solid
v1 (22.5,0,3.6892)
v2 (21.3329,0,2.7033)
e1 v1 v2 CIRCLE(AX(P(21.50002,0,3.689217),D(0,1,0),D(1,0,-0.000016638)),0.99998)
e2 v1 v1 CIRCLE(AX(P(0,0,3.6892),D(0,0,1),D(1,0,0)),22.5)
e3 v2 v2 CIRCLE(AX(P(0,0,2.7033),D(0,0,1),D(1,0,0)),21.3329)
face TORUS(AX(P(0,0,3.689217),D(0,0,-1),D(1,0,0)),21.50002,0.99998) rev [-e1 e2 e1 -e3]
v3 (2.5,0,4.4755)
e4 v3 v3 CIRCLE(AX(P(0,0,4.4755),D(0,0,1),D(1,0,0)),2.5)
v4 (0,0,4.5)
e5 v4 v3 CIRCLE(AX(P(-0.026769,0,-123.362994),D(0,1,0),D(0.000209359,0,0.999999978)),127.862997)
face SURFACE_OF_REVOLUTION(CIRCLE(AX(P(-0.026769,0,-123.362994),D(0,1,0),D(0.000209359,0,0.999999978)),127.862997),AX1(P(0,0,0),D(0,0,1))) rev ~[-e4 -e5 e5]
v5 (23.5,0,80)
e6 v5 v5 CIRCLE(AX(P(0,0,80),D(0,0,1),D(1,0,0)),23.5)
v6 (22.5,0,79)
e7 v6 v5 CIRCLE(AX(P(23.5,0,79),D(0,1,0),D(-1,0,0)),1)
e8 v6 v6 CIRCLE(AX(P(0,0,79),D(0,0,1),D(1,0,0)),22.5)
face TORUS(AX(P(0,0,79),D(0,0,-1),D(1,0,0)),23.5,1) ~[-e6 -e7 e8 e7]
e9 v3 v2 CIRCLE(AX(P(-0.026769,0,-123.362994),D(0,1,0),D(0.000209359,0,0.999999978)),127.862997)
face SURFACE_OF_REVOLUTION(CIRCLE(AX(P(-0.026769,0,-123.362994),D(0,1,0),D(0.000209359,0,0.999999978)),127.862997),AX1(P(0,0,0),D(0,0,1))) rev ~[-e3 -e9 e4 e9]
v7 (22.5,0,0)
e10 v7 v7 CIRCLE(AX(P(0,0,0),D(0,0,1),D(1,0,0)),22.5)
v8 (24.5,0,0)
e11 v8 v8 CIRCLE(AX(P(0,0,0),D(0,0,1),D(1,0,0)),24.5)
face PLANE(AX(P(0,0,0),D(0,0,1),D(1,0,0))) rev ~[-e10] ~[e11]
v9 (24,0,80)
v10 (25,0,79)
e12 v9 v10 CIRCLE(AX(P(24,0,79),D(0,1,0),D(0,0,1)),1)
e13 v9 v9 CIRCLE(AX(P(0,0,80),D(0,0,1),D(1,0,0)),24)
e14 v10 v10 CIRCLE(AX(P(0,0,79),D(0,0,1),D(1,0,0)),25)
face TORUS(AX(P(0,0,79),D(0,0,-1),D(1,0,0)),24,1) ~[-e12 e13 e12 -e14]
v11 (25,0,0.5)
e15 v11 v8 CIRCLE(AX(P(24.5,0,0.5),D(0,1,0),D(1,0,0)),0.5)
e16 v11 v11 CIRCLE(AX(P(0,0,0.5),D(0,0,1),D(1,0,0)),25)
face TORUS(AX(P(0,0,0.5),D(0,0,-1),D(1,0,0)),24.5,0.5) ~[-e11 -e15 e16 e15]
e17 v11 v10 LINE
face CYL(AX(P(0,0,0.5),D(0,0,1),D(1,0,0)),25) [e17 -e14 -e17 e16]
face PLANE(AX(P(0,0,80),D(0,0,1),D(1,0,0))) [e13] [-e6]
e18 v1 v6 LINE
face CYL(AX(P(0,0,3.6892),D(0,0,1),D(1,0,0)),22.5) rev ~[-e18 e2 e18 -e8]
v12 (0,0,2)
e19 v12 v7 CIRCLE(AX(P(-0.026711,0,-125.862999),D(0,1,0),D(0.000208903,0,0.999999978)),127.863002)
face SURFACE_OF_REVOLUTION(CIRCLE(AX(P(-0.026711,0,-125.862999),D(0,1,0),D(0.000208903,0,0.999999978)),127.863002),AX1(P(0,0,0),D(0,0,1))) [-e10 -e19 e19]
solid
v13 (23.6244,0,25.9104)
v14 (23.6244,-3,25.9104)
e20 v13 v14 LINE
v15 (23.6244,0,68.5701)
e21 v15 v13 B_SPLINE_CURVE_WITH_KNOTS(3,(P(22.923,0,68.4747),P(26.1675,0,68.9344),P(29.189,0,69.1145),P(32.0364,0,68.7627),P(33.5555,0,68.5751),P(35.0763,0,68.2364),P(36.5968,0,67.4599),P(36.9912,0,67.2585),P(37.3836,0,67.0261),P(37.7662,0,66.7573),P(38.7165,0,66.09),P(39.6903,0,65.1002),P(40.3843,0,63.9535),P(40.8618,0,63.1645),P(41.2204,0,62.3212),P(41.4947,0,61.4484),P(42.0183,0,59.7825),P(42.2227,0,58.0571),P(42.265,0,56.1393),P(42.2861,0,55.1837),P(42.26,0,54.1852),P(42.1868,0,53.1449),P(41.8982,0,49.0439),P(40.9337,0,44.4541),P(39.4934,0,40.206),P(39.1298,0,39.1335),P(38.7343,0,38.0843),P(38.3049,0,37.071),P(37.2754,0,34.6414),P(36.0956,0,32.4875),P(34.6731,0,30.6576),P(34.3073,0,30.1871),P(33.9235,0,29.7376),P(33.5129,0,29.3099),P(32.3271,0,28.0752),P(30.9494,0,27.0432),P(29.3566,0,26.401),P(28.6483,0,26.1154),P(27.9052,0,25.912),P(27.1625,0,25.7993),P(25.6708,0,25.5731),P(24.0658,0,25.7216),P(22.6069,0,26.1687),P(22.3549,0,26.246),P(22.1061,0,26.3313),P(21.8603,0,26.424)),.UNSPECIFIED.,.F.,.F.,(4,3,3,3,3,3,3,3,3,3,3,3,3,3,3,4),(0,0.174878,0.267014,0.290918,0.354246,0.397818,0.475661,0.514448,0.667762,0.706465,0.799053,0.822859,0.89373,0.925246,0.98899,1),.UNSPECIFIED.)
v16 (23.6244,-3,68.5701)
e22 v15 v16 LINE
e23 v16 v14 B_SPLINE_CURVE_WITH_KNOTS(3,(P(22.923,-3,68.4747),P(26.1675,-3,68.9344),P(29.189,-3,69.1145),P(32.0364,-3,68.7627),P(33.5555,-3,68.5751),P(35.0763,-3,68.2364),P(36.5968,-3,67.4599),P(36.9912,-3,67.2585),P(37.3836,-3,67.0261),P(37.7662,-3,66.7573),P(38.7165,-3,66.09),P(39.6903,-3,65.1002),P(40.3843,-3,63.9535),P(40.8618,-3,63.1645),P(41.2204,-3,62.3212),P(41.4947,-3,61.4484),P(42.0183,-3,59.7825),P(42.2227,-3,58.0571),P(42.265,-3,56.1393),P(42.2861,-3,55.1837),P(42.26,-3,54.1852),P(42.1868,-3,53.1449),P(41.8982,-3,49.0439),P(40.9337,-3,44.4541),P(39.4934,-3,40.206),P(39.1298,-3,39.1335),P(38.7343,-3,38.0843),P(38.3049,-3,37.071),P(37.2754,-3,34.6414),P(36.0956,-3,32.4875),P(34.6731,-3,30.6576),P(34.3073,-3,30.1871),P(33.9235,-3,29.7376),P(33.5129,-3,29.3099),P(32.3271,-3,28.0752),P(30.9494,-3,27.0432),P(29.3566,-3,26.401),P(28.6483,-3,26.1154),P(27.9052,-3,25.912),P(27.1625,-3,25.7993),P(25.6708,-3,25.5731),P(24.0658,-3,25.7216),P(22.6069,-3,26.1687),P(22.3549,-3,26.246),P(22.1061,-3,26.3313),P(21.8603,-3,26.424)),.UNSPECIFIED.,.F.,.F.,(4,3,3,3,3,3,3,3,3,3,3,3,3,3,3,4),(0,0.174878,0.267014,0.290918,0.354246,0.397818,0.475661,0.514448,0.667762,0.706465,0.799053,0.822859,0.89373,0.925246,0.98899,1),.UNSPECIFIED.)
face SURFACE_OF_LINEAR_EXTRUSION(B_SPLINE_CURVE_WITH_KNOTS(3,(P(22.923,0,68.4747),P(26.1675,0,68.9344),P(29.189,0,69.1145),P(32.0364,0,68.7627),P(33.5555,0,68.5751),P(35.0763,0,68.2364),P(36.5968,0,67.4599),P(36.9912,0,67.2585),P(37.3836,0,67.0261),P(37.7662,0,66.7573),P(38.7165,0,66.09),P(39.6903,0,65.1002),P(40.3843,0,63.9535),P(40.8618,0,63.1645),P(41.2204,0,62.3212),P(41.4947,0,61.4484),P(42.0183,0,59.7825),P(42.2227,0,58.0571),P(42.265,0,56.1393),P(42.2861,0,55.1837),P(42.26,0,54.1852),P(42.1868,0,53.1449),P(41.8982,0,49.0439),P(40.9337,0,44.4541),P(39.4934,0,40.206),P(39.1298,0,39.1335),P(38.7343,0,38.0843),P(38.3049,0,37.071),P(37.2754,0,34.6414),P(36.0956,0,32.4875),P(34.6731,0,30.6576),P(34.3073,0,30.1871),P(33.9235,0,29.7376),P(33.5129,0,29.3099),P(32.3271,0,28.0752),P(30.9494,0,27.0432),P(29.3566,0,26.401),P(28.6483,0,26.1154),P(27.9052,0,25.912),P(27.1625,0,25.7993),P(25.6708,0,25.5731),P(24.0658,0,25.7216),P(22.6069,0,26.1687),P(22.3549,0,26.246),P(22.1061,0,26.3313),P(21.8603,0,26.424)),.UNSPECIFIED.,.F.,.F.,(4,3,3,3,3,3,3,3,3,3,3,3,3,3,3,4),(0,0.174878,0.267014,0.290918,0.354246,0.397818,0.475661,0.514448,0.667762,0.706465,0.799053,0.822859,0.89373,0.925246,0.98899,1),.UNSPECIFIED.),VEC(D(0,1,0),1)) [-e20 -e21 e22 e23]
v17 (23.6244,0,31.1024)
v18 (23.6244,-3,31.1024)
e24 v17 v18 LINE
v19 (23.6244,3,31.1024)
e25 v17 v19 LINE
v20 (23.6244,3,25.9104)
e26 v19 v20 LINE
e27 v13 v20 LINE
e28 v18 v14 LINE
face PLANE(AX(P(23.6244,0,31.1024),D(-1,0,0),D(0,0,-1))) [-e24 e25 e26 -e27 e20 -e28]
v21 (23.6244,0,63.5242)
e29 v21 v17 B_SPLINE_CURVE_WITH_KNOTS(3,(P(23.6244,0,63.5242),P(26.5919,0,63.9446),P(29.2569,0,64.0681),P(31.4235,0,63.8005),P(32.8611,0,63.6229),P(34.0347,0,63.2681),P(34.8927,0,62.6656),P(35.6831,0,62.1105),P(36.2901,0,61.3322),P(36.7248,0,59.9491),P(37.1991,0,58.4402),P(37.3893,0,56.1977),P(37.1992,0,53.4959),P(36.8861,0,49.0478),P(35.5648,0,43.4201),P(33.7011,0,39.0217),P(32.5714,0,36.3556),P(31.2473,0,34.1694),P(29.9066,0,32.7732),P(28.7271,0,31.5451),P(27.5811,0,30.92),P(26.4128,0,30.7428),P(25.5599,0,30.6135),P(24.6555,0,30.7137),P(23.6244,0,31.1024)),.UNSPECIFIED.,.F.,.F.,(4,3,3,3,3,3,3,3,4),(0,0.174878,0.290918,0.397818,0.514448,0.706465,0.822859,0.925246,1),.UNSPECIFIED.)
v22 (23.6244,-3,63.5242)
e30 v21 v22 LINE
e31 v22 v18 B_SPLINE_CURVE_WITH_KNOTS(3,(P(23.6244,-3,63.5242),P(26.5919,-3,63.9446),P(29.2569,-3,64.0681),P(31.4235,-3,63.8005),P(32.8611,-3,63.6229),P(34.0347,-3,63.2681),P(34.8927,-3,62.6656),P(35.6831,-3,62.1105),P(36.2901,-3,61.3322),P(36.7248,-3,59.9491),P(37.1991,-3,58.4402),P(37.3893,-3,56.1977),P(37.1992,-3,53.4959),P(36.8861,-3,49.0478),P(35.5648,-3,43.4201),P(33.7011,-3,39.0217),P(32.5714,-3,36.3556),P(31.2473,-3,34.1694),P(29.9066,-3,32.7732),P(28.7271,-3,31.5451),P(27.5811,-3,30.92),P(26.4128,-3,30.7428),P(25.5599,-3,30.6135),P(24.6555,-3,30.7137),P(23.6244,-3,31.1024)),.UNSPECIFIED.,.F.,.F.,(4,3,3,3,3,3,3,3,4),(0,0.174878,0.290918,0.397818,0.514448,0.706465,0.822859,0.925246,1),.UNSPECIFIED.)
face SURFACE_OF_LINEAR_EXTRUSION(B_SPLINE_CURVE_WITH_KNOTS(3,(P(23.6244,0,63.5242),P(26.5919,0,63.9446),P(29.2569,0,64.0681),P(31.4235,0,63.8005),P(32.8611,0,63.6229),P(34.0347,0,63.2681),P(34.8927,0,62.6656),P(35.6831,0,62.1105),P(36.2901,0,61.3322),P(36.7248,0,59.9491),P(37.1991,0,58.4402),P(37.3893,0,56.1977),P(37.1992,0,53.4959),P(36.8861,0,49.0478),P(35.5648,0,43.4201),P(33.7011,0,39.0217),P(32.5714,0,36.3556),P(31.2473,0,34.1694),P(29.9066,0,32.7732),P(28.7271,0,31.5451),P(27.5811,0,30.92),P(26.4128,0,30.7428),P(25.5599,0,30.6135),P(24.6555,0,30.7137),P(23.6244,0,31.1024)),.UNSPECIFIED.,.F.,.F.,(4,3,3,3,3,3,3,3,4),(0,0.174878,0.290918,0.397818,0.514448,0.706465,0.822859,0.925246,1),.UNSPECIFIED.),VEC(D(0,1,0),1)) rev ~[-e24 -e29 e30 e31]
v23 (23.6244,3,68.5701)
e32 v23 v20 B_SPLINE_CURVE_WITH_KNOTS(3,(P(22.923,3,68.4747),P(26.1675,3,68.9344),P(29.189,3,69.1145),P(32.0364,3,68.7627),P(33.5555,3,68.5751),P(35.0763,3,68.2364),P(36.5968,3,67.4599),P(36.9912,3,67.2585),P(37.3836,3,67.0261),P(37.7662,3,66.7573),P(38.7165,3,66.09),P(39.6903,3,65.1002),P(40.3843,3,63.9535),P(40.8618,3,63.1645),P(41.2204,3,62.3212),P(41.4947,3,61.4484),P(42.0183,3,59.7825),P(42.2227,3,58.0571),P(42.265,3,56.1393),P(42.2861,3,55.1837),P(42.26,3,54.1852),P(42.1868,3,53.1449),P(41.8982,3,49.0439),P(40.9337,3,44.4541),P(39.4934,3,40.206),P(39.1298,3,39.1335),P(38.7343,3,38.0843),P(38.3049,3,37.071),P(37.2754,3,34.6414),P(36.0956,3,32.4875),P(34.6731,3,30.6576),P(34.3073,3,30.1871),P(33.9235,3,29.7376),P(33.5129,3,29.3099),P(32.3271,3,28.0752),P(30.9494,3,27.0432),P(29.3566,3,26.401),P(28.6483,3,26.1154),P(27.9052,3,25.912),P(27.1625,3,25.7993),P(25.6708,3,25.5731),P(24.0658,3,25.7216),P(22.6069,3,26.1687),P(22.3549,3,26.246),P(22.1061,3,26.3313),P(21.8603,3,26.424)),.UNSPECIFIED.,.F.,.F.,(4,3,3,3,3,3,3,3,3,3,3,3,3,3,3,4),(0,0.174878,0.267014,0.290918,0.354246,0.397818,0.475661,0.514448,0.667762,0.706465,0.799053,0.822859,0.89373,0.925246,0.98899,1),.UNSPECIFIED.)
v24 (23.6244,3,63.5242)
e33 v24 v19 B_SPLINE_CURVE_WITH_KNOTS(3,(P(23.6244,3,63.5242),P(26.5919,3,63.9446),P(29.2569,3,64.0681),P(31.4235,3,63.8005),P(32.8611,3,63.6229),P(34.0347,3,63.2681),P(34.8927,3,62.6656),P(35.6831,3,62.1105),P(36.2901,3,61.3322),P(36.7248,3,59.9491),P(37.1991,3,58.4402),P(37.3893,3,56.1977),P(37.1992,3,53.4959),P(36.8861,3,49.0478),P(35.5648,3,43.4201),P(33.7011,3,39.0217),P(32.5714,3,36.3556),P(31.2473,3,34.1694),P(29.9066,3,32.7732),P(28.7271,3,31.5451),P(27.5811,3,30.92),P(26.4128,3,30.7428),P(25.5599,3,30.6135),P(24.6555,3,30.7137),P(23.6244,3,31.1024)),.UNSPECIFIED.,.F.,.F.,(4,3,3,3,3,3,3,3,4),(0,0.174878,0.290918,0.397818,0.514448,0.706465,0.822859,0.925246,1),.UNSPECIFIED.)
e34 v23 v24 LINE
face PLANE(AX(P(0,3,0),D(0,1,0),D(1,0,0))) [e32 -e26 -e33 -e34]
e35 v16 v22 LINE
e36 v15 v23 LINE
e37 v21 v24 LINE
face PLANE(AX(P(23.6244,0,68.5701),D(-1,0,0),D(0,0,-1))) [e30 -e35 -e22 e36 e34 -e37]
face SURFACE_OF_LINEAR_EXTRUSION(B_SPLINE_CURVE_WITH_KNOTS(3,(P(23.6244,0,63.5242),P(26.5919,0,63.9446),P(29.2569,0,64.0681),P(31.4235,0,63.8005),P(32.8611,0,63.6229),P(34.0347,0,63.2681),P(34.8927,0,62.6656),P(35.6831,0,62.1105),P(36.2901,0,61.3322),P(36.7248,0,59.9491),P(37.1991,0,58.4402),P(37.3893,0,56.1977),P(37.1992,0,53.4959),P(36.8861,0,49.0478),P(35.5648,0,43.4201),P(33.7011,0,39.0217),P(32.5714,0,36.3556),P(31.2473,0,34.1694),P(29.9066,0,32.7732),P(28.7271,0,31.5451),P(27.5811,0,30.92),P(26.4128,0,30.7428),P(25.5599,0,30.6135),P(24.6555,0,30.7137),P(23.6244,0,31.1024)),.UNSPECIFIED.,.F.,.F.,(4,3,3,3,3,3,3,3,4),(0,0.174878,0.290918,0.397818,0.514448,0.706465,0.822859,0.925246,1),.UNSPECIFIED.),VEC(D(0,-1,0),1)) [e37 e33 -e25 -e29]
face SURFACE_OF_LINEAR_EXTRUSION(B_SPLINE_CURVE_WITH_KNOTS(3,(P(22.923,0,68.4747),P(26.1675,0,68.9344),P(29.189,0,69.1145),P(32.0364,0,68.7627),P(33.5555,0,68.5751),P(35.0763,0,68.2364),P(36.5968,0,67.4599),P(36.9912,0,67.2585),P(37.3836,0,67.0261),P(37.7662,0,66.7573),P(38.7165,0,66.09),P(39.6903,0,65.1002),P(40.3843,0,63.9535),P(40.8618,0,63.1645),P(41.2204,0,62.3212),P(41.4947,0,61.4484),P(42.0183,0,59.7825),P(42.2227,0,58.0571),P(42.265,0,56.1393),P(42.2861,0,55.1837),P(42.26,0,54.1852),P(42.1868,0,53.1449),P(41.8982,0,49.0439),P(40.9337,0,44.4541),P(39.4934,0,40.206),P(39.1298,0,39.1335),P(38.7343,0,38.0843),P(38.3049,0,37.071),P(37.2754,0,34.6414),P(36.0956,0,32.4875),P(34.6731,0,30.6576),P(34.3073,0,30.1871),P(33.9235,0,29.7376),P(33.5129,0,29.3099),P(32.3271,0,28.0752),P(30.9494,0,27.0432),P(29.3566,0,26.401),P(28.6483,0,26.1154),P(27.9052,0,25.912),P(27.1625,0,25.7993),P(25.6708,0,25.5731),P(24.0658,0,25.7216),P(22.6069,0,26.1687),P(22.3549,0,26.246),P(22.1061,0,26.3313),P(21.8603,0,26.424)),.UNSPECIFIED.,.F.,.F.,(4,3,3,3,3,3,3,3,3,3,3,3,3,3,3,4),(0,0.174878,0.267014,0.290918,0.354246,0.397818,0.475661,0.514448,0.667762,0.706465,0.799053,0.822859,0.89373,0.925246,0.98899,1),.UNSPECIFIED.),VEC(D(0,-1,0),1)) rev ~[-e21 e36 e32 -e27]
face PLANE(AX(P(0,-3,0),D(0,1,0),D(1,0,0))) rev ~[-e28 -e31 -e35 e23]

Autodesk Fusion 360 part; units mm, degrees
sketch "Sketch1" plane through (0, 0, 0) normal (0, 1, 0) x (1, 0, 0)
  line L0 (0, 0) -> (24.5, 0) construction
  line L1 (0, 0) -> (0, -80) construction
  line L2 (25, -0.5) -> (25, -79)
  line L3 (24, -80) -> (23.5, -80)
  line L4 (22.5, 0) -> (22.5, 0)
  line L5 (24.5, 0) -> (22.5, 0)
  arc A0 (22.5, -79) -> (23.5, -80) centre (23.5, -79) ccw
  arc A1 (24, -80) -> (25, -79) centre (24, -79) ccw
  line L6 (0, -4.5) -> (0, -2)
  arc A2 (25, -0.5) -> (24.5, 0) centre (24.5, -0.5) ccw
  line L7 (22.5, -3.6892) -> (22.5, -79)
  line L8 (22.5, -0.5) -> (22.5, -0.5)
  arc A3 (0, -2) -> (22.5, 0) centre (-0.0267, 125.863) ccw
  line L9 (2.5, -4.5) -> (2.5, -4.4755)
  arc A4 (0, -4.5) -> (21.3329, -2.7033) centre (-0.0267, 123.363) ccw
  arc A5 (22.5, -3.6892) -> (21.3329, -2.7033) centre (21.5, -3.6892) ccw
  point P0 (25, -80)
  point P1 (22.5, -80)
  dimension "d2" = 80
  dimension "d3" = 2.5
  dimension "d4" = 1
  dimension "d13" = 1
revolve "Revolve1" add sketch "Sketch1" angle 360 about axis through (0, 0, 0) along (0, 0, 1) makes body 1
sketch "Sketch2" plane through (0, 0, 0) normal (0, 1, 0) x (1, 0, 0)
  line L0 (-25, -79) -> (25, -79) construction
  spline S0 degree 3 poles (23.6244, -63.5242) (26.5919, -63.9446) (29.2569, -64.0681) (31.4235, -63.8005) (32.8611, -63.6229) (34.0347, -63.2681) (34.8927, -62.6656) (35.6831, -62.1105) (36.2901, -61.3322) (36.7248, -59.9491) (37.1991, -58.4402) (37.3893, -56.1977) (37.1992, -53.4959) (36.8861, -49.0478) (35.5648, -43.4201) (33.7011, -39.0217) (32.5714, -36.3556) (31.2473, -34.1694) (29.9066, -32.7732) (28.7271, -31.5451) (27.5811, -30.92) (26.4128, -30.7428) (25.5599, -30.6135) (24.6555, -30.7137) (23.6244, -31.1024) knots 0 0 0 0 0.174878 0.174878 0.174878 0.290918 0.290918 0.290918 0.397818 0.397818 0.397818 0.514448 0.514448 0.514448 0.706465 0.706465 0.706465 0.822859 0.822859 0.822859 0.925246 0.925246 0.925246 1 1 1 1
  spline S1 degree 3 poles (22.923, -68.4747) (26.1675, -68.9344) (29.189, -69.1145) (32.0364, -68.7627) (33.5555, -68.5751) (35.0763, -68.2364) (36.5968, -67.4599) (36.9912, -67.2585) (37.3836, -67.0261) (37.7662, -66.7573) (38.7165, -66.09) (39.6903, -65.1002) (40.3843, -63.9535) (40.8618, -63.1645) (41.2204, -62.3212) (41.4947, -61.4484) (42.0183, -59.7825) (42.2227, -58.0571) (42.265, -56.1393) (42.2861, -55.1837) (42.26, -54.1852) (42.1868, -53.1449) (41.8982, -49.0439) (40.9337, -44.4541) (39.4934, -40.206) (39.1298, -39.1335) (38.7343, -38.0843) (38.3049, -37.071) (37.2754, -34.6414) (36.0956, -32.4875) (34.6731, -30.6576) (34.3073, -30.1871) (33.9235, -29.7376) (33.5129, -29.3099) (32.3271, -28.0752) (30.9494, -27.0432) (29.3566, -26.401) (28.6483, -26.1154) (27.9052, -25.912) (27.1625, -25.7993) (25.6708, -25.5731) (24.0658, -25.7216) (22.6069, -26.1687) (22.3549, -26.246) (22.1061, -26.3313) (21.8603, -26.424) knots 0 0 0 0 0.174878 0.174878 0.174878 0.267014 0.267014 0.267014 0.290918 0.290918 0.290918 0.354246 0.354246 0.354246 0.397818 0.397818 0.397818 0.475661 0.475661 0.475661 0.514448 0.514448 0.514448 0.667762 0.667762 0.667762 0.706465 0.706465 0.706465 0.799053 0.799053 0.799053 0.822859 0.822859 0.822859 0.89373 0.89373 0.89373 0.925246 0.925246 0.925246 0.98899 0.98899 0.98899 1 1 1 1
  line L1 (23.6244, -31.1024) -> (23.6244, -25.9104)
  line L2 (23.6244, -63.5242) -> (24.1574, -63.4464) construction
  line L3 (23.6244, -68.5701) -> (23.6244, -63.5242) construction
  line L4 (23.6244, -68.5701) -> (23.6244, -63.5242)
  line L5 (-25, -0.5) -> (25, -0.5) construction
  line L6 (25, -0.5) -> (0, -0.5) construction
  point P0 (25, -79)
  point P1 (25, -0.5)
  dimension "d16" = 5
  dimension "d21" = 25
extrude "Extrude1" add sketch "Sketch2" along normal mid plane 6 separate body makes body 2
